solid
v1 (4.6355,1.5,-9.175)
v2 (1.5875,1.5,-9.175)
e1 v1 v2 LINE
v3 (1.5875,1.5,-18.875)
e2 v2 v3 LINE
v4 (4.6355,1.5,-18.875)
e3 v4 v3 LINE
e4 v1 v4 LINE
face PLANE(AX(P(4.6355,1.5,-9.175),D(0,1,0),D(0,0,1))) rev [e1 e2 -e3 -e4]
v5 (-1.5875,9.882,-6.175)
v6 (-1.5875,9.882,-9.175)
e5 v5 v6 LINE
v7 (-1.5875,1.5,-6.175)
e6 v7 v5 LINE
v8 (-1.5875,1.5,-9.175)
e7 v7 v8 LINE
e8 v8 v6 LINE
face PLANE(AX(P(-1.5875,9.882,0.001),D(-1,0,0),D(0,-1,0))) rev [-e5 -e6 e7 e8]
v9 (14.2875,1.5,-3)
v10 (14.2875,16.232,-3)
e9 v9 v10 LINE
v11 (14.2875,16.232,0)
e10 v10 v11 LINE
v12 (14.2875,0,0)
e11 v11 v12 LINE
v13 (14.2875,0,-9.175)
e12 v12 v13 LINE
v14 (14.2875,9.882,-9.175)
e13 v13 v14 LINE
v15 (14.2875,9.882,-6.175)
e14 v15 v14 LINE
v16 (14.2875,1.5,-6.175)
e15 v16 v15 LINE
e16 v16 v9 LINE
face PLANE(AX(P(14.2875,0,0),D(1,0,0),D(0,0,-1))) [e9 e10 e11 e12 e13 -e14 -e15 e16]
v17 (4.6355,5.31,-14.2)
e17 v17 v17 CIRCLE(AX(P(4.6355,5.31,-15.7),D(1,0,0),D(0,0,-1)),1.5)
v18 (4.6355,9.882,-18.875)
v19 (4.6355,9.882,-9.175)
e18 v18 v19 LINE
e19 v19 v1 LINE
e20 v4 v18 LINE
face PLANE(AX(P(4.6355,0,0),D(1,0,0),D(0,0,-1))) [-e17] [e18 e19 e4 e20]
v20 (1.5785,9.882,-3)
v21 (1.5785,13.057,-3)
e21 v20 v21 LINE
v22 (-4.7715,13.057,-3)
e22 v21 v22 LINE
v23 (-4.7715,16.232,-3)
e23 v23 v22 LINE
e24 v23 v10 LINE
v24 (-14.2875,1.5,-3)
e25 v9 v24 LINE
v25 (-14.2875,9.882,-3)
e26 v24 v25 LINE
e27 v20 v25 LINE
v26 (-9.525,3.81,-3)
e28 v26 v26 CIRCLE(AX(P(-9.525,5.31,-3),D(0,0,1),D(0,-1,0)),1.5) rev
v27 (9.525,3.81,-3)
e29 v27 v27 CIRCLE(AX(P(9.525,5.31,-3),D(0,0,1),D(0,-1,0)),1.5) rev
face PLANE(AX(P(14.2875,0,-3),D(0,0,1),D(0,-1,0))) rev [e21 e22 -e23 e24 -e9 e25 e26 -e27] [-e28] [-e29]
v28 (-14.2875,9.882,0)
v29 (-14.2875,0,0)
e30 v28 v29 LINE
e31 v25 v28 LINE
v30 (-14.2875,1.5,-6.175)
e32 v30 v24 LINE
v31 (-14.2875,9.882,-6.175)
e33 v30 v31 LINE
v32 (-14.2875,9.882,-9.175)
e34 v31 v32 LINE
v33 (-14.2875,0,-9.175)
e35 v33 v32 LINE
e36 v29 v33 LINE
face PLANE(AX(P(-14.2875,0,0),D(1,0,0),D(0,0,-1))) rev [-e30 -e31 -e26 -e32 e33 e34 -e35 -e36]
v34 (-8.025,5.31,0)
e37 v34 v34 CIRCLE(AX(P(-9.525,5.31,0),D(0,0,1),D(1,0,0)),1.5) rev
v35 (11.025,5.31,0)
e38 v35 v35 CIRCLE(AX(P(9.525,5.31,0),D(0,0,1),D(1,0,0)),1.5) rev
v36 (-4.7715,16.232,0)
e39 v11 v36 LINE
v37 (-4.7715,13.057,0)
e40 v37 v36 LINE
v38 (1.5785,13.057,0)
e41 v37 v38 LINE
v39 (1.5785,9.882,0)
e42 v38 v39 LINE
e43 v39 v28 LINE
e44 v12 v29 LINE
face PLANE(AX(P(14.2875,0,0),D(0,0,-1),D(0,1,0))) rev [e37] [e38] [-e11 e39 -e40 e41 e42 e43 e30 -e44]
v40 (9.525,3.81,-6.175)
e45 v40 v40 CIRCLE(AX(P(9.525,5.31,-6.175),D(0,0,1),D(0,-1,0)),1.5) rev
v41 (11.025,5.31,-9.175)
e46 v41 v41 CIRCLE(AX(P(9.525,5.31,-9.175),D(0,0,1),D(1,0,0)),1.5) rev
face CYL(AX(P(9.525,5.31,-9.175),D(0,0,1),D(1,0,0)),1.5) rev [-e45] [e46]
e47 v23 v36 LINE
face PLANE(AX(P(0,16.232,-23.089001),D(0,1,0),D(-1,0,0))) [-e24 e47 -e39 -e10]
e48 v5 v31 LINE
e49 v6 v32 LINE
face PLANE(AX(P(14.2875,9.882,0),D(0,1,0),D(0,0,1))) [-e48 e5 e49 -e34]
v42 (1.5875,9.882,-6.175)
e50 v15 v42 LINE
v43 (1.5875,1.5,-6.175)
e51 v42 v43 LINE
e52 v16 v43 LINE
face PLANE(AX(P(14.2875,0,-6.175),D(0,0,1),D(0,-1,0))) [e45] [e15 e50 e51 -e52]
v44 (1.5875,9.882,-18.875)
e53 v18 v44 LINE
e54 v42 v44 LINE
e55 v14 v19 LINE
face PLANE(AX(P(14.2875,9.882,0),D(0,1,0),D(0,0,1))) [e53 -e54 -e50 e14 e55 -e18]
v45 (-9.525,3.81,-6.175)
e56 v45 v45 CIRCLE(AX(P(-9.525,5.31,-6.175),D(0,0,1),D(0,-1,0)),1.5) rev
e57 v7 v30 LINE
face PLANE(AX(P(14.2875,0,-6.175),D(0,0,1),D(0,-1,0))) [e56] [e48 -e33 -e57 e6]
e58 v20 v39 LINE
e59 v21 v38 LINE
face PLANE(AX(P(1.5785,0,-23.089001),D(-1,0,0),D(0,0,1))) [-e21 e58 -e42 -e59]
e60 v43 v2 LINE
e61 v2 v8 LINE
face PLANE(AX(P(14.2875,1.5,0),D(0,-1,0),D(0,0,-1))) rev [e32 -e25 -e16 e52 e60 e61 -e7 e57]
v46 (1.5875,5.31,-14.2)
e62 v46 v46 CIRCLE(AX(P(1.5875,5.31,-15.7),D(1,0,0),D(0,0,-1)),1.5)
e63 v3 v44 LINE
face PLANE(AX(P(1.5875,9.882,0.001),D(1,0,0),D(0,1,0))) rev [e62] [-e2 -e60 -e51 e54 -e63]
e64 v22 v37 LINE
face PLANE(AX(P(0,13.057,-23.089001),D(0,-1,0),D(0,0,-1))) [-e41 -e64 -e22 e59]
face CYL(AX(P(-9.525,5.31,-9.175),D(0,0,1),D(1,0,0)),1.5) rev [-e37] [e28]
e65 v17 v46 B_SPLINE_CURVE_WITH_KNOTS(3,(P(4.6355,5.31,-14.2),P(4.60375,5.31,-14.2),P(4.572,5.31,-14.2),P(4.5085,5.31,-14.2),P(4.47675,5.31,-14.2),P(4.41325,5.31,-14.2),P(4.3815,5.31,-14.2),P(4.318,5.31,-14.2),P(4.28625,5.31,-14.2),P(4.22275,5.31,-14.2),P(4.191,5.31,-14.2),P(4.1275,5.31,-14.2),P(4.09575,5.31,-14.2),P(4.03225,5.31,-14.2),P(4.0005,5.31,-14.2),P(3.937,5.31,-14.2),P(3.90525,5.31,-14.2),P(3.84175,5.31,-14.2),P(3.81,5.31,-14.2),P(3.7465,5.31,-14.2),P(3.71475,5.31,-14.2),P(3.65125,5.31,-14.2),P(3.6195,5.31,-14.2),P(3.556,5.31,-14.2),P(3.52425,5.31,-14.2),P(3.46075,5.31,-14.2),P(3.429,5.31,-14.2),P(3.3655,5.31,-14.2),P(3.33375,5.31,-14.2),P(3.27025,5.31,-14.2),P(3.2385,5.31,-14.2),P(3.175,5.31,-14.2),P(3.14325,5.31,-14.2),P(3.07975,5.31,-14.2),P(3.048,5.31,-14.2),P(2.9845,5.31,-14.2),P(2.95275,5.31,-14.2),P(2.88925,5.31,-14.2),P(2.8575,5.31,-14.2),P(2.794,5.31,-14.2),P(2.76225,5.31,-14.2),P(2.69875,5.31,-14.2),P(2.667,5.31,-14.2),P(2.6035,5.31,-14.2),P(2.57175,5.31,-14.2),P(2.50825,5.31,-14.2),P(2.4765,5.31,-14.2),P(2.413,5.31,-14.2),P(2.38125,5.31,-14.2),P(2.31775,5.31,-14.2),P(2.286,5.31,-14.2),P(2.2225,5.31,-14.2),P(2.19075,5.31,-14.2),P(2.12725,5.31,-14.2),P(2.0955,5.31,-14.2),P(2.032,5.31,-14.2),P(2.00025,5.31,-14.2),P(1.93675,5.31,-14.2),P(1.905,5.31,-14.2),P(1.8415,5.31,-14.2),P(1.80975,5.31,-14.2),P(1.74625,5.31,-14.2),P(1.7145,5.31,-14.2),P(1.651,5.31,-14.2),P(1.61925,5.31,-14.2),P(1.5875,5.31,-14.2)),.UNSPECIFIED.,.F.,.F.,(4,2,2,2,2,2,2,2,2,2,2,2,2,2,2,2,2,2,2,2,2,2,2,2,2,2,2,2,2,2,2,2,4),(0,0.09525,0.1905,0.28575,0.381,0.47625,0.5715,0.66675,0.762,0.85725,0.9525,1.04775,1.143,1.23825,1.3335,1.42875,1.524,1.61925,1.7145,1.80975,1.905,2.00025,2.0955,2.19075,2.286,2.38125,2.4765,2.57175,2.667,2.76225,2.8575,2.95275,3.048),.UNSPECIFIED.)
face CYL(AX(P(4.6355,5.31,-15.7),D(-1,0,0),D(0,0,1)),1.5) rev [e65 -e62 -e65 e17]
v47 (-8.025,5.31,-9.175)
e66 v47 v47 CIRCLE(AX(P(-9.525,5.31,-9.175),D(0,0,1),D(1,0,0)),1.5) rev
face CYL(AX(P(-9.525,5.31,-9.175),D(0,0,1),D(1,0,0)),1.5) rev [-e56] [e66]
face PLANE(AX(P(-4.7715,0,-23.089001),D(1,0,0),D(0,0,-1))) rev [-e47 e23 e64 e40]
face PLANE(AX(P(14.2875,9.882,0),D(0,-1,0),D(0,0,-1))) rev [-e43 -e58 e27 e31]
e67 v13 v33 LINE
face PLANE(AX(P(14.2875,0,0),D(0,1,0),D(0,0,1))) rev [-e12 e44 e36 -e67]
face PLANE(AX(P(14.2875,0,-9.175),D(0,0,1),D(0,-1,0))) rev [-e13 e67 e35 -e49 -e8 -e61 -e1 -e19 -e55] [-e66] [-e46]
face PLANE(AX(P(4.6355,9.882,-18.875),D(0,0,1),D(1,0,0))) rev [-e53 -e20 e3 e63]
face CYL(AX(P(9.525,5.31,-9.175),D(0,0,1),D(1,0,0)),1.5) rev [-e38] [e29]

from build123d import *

# Parameters (mm, degrees)
BOSS_EXTRUDE1_DEPTH    = 14.2875
SKETCH4_R              = 1.5
CUT_EXTRUDE1_DEPTH     = 20.646048082
CUT_EXTRUDE3_REACH     = 21.646
SKETCH8_W              = 3.175
SKETCH8_H              = 8.382
SKETCH6_W              = 9.7
SKETCH6_H              = 8.382
SKETCH6_R              = 1.5
BOSS_EXTRUDE4_DEPTH    = 3.048
RIGHT_RAMP_MOUNT_DEPTH = 3


with BuildPart() as part:
    # Sketch2 → Boss-Extrude1 (new, symmetric)
    with BuildSketch(Plane(origin=(0, 0, 0), x_dir=(0, 0, -1), z_dir=(1, 0, 0))):
        Polygon((3, 1.5), (3, 9.882), (0, 9.882), (0, 0), (6.175, 0), (6.175, 1.5), align=None)
        Polygon((6.175, 1.5), (6.175, 0), (9.175, 0), (9.175, 9.882), (6.175, 9.882), align=None)
    extrude(amount=BOSS_EXTRUDE1_DEPTH, both=True)

    # Sketch4 → Cut-Extrude1 (cut, through all)
    with BuildSketch(Plane(origin=(0, 0, 0), x_dir=(-1, 0, 0), z_dir=(0, 0, -1))):
        with Locations(Location((-9.525, 5.31, 0), (0, 0, 180))):
            Circle(SKETCH4_R)
        with Locations(Location((9.525, 5.31, 0), (0, 0, 180))):
            Circle(SKETCH4_R)
    extrude(amount=CUT_EXTRUDE1_DEPTH, mode=Mode.SUBTRACT)

    # Sketch8 → Cut-Extrude3 (cut, up to next)
    with BuildSketch(Plane(origin=(0, 0, -9.175), x_dir=(-1, 0, 0), z_dir=(0, 0, -1)), mode=Mode.PRIVATE) as cut_extrude3_sk1:
        with Locations((0, 5.691)):
            Rectangle(SKETCH8_W, SKETCH8_H)
    cut_extrude3_tool1 = extrude(cut_extrude3_sk1.sketch, amount=-CUT_EXTRUDE3_REACH, mode=Mode.PRIVATE) & part.part
    add(cut_extrude3_tool1.solids().sort_by_distance((0, 5.691, -9.175))[0], mode=Mode.SUBTRACT)

    # Sketch6 → Boss-Extrude4 (add)
    with BuildSketch(Plane(origin=(1.5875, 0, 0), x_dir=(0, 0, -1), z_dir=(1, 0, 0))):
        with Locations((14.025, 5.691)):
            Rectangle(SKETCH6_W, SKETCH6_H)
        with Locations(Location((15.7, 5.31, 0), (0, 0, 180))):
            Circle(SKETCH6_R, mode=Mode.SUBTRACT)
    extrude(amount=BOSS_EXTRUDE4_DEPTH)

    # Sketch9 → Right Ramp Mount (add)
    with BuildSketch(Plane.XY):
        Polygon((1.5785, 9.882), (14.2875, 9.882), (14.2875, 16.232), (-4.7715, 16.232), (-4.7715, 13.057), (1.5785, 13.057), align=None)
    extrude(amount=-RIGHT_RAMP_MOUNT_DEPTH)


solid = part.part
